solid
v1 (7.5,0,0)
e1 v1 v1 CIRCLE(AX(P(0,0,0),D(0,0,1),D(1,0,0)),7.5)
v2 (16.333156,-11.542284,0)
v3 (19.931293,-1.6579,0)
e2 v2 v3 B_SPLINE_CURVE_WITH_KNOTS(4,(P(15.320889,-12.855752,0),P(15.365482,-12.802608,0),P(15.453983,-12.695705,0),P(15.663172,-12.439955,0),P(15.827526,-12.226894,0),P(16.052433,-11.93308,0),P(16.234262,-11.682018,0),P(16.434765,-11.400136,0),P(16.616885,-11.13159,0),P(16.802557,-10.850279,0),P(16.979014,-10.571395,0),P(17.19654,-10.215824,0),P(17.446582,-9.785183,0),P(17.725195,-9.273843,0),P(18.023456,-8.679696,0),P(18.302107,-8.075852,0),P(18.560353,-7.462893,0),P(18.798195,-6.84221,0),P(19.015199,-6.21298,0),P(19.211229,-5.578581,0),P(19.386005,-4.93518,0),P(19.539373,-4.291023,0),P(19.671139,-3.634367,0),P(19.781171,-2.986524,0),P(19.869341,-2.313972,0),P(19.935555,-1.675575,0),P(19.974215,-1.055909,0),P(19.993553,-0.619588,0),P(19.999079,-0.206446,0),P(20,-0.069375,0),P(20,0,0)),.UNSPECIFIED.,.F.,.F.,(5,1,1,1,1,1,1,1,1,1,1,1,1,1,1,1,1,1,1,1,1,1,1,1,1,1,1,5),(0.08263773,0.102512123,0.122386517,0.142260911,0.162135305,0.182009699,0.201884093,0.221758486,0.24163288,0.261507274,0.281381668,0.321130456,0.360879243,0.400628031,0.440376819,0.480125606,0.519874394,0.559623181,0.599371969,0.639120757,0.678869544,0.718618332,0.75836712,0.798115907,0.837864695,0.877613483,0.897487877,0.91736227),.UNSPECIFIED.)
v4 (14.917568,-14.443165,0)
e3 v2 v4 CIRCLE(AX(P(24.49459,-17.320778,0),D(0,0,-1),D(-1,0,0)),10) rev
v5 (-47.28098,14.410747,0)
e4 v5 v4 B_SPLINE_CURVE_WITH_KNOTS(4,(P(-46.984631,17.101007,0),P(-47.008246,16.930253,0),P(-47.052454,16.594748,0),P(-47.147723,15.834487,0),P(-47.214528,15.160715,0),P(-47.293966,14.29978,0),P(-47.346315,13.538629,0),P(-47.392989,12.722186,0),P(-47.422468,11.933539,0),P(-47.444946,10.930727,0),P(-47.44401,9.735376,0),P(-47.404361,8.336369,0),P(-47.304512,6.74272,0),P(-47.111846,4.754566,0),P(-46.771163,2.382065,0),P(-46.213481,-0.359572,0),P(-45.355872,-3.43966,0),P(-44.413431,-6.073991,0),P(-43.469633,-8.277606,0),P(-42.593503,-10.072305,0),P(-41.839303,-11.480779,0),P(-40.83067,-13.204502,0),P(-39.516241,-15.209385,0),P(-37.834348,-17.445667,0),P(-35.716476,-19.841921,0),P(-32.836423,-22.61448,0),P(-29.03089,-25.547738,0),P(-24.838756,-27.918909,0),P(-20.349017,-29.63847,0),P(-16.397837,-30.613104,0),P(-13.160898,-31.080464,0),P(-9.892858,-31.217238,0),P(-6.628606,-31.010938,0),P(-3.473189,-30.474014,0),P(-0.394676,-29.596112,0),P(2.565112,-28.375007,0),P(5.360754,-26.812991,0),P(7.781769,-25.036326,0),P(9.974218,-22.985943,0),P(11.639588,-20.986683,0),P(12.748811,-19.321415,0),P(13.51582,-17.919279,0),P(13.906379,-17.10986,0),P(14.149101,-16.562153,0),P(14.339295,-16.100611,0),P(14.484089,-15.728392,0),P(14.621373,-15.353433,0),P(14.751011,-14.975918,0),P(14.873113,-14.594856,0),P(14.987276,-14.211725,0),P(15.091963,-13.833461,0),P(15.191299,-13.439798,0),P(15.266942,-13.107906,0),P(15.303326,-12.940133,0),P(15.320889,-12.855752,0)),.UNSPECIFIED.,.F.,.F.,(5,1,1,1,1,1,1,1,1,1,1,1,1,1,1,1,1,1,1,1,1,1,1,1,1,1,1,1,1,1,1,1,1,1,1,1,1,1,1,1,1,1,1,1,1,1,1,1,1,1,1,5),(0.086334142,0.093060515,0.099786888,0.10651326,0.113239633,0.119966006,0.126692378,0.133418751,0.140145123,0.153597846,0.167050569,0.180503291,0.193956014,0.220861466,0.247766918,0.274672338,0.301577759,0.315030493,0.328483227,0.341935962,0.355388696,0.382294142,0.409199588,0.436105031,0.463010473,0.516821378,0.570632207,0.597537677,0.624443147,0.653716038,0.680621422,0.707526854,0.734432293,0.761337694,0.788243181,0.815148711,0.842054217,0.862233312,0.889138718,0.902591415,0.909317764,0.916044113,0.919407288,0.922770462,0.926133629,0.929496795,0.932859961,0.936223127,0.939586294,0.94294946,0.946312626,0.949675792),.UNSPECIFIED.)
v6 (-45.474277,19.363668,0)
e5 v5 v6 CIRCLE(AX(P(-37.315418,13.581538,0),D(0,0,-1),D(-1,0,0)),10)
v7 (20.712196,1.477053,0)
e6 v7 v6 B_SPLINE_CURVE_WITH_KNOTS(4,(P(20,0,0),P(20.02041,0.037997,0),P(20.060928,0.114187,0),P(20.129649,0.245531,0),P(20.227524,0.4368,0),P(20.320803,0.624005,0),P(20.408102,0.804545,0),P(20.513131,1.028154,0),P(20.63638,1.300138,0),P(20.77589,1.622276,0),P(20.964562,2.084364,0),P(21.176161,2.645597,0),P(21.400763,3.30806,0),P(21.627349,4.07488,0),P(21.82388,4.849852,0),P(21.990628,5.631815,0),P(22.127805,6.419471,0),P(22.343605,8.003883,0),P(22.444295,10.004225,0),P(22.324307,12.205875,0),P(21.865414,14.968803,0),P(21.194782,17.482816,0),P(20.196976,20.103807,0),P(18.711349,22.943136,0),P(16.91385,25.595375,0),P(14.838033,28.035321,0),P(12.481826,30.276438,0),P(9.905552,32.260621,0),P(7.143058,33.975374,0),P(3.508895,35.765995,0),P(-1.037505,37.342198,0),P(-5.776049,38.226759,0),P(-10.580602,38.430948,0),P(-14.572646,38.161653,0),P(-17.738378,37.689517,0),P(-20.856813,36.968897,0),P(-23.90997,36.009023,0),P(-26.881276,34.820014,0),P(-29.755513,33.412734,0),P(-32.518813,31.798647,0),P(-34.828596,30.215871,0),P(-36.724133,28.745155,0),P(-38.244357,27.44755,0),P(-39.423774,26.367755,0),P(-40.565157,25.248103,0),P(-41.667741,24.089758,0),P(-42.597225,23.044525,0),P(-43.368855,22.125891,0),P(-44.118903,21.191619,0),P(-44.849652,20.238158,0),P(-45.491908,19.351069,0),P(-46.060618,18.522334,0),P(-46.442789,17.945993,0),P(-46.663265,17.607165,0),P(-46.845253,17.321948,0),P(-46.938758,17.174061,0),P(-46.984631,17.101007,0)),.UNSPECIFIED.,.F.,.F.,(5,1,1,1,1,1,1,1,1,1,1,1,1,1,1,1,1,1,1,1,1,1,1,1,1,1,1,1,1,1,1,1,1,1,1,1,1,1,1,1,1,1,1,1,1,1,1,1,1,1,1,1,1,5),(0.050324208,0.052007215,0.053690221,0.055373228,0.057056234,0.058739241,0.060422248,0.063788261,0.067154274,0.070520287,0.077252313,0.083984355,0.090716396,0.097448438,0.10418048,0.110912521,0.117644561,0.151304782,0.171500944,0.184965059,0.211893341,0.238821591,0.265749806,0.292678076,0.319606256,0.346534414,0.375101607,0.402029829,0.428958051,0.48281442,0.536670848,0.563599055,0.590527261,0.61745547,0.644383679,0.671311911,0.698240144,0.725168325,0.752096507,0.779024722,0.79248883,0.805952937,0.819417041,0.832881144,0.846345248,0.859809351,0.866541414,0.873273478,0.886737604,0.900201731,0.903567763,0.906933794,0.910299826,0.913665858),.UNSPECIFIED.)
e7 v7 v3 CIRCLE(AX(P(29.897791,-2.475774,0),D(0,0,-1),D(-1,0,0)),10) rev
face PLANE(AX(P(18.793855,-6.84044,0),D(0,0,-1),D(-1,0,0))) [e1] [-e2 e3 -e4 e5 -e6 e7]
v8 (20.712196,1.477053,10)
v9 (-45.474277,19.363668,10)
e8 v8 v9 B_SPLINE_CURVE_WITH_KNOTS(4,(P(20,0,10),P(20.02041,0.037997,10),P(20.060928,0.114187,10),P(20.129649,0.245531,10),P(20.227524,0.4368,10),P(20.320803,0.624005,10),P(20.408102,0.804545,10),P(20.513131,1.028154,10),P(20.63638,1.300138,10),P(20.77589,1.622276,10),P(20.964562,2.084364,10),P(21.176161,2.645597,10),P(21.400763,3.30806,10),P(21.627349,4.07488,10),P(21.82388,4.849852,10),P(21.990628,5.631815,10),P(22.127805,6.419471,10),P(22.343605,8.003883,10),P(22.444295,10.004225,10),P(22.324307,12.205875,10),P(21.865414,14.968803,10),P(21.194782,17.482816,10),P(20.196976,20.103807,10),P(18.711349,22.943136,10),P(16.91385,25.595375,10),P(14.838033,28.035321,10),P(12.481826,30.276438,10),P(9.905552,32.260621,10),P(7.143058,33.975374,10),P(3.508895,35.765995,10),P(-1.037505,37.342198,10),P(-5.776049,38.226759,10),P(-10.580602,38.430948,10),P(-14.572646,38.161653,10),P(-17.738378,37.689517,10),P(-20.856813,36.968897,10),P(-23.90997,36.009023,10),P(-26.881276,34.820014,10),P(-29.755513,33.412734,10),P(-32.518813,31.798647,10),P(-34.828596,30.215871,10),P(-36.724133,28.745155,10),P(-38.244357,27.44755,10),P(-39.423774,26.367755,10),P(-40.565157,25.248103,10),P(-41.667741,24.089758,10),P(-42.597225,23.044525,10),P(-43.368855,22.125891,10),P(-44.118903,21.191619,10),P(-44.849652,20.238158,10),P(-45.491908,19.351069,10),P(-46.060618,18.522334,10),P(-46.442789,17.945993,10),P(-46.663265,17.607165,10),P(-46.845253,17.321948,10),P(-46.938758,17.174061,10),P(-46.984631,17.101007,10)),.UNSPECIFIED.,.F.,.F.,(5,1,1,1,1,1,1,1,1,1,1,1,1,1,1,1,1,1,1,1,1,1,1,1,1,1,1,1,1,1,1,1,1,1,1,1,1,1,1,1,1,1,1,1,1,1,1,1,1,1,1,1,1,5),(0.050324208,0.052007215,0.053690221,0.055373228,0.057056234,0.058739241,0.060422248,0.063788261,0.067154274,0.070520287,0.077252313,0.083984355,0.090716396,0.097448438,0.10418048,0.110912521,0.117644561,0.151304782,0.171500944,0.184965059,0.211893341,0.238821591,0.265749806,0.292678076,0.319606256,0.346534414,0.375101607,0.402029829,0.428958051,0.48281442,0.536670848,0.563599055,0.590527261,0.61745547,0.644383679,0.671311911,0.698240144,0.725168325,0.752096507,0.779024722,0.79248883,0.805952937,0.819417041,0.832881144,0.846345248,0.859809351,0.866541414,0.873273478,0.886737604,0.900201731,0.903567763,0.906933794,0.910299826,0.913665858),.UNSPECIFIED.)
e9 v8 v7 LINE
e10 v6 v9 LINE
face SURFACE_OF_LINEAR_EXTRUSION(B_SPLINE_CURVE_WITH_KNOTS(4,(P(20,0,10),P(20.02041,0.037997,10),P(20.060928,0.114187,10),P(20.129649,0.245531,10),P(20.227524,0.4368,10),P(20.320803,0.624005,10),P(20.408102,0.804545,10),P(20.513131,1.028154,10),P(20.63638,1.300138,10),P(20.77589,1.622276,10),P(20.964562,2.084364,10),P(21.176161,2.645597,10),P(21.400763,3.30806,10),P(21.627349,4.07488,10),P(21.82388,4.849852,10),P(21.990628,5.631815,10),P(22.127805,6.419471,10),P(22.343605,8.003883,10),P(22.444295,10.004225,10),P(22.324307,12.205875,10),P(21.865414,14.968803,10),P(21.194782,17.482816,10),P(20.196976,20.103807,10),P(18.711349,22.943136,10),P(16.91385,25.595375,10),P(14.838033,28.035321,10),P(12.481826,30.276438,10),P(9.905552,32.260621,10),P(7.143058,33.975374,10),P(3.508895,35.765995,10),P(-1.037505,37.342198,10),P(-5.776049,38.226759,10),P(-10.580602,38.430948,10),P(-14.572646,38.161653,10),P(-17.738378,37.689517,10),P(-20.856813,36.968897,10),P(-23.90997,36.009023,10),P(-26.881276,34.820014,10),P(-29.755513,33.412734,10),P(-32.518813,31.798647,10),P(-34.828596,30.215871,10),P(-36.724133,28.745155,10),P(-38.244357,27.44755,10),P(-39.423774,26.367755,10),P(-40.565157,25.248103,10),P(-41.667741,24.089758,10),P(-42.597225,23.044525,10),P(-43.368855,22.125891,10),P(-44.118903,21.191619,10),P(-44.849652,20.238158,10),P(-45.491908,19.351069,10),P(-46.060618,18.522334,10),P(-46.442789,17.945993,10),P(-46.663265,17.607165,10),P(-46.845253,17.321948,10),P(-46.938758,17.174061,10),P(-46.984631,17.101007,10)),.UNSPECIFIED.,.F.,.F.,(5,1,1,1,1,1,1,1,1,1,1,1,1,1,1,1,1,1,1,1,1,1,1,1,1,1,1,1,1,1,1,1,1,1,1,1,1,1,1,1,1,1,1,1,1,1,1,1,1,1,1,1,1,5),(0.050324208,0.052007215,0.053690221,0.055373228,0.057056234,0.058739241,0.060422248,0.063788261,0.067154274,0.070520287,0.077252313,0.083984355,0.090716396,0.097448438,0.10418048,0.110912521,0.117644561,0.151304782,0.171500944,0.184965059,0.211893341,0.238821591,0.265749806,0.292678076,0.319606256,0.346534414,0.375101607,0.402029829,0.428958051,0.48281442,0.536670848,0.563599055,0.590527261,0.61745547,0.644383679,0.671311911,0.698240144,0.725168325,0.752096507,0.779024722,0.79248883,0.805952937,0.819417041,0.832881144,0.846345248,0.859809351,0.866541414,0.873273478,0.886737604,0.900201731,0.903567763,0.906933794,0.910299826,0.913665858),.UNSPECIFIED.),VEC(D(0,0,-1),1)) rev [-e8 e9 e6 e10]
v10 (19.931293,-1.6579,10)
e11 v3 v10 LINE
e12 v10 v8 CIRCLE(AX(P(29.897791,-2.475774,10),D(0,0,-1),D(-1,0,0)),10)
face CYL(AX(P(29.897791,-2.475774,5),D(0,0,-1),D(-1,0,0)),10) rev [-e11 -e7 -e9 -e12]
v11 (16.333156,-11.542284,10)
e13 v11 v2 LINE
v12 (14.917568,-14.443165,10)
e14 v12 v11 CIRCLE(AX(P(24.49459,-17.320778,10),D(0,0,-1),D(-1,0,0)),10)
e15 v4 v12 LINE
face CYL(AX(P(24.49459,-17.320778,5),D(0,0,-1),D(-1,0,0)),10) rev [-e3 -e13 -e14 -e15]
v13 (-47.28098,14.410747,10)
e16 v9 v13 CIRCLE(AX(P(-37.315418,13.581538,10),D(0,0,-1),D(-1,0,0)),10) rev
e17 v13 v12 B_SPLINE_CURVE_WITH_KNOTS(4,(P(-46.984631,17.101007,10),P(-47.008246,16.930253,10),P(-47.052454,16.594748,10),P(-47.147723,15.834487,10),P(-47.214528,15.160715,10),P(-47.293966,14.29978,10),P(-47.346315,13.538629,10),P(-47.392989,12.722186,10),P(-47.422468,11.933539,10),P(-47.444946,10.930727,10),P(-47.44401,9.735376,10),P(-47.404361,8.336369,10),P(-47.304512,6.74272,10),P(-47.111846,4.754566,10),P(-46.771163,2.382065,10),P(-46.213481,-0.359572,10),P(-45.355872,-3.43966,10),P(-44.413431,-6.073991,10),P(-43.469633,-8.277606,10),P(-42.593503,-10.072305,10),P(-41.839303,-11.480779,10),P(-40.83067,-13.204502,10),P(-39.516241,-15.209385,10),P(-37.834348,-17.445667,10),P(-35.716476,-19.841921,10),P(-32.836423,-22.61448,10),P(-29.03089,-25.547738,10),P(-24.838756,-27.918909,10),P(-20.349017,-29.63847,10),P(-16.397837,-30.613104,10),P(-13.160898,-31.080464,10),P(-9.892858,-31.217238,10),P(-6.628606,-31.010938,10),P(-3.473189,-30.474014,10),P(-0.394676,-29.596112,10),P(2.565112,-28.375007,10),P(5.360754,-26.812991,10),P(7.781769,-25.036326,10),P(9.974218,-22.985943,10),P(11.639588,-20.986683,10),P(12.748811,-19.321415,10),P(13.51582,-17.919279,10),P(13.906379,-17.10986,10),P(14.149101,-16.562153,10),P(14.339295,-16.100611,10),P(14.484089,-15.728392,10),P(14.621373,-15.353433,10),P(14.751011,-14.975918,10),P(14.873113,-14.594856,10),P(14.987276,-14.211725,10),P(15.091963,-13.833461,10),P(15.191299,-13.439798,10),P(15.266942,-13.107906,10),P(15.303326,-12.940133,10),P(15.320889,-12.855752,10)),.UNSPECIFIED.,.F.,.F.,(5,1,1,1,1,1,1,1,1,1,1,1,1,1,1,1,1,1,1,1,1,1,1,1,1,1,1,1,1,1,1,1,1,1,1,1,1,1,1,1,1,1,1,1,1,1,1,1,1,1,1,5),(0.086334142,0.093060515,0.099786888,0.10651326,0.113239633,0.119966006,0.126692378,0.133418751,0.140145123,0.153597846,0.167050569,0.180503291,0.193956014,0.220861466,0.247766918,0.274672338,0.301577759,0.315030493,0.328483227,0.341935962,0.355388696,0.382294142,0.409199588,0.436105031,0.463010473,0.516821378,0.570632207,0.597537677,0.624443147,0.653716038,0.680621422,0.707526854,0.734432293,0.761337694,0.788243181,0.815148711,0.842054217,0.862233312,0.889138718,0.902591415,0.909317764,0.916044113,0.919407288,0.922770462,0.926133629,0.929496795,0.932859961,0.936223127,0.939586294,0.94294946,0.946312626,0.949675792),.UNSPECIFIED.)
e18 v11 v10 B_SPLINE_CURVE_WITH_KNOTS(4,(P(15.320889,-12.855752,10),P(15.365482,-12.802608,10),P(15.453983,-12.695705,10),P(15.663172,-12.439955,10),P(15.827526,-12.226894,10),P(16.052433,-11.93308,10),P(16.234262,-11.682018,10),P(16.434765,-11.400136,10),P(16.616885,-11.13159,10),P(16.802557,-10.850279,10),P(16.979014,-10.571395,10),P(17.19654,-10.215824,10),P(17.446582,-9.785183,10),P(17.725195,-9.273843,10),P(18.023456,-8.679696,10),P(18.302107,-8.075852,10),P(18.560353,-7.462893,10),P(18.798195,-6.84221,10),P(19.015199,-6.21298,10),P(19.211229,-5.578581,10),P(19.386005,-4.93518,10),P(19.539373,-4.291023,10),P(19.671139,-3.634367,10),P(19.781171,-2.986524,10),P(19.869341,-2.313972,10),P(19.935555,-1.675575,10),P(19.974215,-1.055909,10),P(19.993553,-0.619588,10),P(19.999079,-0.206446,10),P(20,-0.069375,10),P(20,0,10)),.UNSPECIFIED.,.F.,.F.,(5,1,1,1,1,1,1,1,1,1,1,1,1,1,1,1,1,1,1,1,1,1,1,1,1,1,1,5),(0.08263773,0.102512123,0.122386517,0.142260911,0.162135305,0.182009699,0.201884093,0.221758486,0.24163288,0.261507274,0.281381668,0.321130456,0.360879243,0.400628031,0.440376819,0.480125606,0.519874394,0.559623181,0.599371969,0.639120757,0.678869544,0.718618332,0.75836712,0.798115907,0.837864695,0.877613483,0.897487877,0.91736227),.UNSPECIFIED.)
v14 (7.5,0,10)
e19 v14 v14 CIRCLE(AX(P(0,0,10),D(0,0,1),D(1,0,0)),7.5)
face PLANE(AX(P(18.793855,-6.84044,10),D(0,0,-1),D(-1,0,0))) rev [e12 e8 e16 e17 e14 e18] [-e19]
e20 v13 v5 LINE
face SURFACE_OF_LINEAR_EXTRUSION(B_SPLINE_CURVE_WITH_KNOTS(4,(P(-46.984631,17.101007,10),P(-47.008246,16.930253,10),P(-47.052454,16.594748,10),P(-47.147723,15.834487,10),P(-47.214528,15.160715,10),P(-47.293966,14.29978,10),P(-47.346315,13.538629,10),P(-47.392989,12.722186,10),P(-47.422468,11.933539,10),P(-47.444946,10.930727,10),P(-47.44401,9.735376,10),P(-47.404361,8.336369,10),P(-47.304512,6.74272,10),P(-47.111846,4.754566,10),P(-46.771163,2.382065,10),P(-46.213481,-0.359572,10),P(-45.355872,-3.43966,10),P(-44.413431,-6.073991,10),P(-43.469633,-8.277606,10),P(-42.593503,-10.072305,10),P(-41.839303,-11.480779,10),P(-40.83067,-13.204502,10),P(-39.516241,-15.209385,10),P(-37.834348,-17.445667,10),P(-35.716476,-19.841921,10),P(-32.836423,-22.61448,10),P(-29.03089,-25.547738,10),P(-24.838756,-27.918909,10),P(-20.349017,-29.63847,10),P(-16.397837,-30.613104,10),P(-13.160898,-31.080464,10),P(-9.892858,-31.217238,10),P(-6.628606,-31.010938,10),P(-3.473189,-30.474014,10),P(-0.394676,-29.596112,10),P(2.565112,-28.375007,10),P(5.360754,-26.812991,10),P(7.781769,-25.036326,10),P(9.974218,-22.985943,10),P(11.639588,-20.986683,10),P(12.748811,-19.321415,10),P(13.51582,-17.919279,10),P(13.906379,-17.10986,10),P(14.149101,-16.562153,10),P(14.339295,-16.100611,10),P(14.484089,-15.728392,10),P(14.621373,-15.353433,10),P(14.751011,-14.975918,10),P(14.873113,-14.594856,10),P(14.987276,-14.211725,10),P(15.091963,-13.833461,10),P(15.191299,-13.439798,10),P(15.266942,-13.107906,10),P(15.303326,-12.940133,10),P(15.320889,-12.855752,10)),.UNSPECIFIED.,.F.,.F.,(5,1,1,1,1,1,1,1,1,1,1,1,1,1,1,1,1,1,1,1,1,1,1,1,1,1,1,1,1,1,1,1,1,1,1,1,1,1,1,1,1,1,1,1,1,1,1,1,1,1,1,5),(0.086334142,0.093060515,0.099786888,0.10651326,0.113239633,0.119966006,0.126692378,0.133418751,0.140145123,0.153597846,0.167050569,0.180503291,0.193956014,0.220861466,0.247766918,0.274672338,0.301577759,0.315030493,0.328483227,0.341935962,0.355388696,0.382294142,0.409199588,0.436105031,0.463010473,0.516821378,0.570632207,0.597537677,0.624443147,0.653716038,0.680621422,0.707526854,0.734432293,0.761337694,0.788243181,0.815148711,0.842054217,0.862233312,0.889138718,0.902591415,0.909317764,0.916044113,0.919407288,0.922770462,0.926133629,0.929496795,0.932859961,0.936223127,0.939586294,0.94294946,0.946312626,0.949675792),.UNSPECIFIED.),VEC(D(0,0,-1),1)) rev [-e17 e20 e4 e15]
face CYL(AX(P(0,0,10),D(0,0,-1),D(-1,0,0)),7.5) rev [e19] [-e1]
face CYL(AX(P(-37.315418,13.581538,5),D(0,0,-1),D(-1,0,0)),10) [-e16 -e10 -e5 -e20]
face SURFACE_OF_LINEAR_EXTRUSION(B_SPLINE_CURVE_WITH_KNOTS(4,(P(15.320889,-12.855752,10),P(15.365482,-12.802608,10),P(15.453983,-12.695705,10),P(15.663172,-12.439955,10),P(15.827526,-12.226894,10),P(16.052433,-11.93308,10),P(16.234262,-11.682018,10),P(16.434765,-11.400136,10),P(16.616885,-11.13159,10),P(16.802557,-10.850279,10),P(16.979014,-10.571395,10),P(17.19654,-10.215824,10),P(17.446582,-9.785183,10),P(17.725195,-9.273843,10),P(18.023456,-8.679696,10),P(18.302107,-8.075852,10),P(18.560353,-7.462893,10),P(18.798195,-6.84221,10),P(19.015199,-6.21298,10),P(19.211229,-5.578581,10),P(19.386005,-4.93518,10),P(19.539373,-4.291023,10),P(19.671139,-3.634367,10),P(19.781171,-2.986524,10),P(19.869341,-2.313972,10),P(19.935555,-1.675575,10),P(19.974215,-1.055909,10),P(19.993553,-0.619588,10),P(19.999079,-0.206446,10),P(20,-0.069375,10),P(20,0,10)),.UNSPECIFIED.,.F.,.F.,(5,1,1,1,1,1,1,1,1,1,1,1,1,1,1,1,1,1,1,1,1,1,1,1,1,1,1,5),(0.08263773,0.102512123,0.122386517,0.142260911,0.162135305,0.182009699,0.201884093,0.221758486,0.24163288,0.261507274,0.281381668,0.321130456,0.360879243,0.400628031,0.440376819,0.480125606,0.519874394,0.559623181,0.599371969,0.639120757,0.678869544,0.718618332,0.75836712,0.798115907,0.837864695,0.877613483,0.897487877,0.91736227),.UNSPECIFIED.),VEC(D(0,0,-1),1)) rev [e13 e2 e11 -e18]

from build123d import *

# Parameters (mm, degrees)
SKETCH1_R           = 7.5
BOSS_EXTRUDE2_DEPTH = 10
FILLET1_R           = 10


with BuildPart() as part:
    # Sketch1 → Boss-Extrude2 (new body)
    with BuildSketch(Plane.XY):
        with BuildLine():
            add(Edge.make_bspline(
                [(20, 0), (20.020409748, 0.037996513), (20.060928024, 0.114187014), (20.12964942, 0.245531013), (20.227524178, 0.436799942), (20.320803466, 0.624005393), (20.408101904, 0.80454476), (20.513131341, 1.028153853), (20.636379782, 1.30013819), (20.775890348, 1.622275603), (20.964561763, 2.084363584), (21.176160839, 2.645597494), (21.400762948, 3.308060339), (21.627348817, 4.074879511), (21.82387956, 4.849852237), (21.990628499, 5.631814908), (22.127804945, 6.419471307), (22.343605386, 8.00388274), (22.444295112, 10.004224504), (22.324306643, 12.205875028), (21.865414458, 14.9688026), (21.194781507, 17.482815576), (20.196975773, 20.103806606), (18.711348901, 22.943135572), (16.913850005, 25.595374807), (14.83803254, 28.035320632), (12.481825943, 30.276438116), (9.905551794, 32.260621181), (7.143058118, 33.975373516), (3.508895363, 35.76599482), (-1.037505048, 37.342198382), (-5.776049389, 38.226758726), (-10.58060247, 38.430948462), (-14.572645562, 38.161653345), (-17.738378195, 37.689516547), (-20.856812898, 36.968897142), (-23.909970253, 36.009023208), (-26.881276298, 34.820013511), (-29.755513368, 33.41273371), (-32.518812511, 31.798646577), (-34.82859609, 30.215871445), (-36.724133372, 28.745155323), (-38.244357448, 27.447549659), (-39.423774282, 26.367755023), (-40.565156508, 25.248103031), (-41.667740599, 24.089758356), (-42.597224858, 23.04452492), (-43.368854904, 22.125890975), (-44.11890301, 21.191619014), (-44.849652331, 20.238158336), (-45.491908008, 19.351069223), (-46.0606176, 18.522333813), (-46.44278908, 17.945992785), (-46.663264674, 17.607165405), (-46.845252854, 17.321947665), (-46.938757793, 17.174061248), (-46.984631039, 17.101007167)],
                knots=[0.050324208, 0.050324208, 0.050324208, 0.050324208, 0.050324208, 0.052007215, 0.053690221, 0.055373228, 0.057056234, 0.058739241, 0.060422248, 0.063788261, 0.067154274, 0.070520287, 0.077252313, 0.083984355, 0.090716396, 0.097448438, 0.10418048, 0.110912521, 0.117644561, 0.151304782, 0.171500944, 0.184965059, 0.211893341, 0.238821591, 0.265749806, 0.292678076, 0.319606256, 0.346534414, 0.375101607, 0.402029829, 0.428958051, 0.48281442, 0.536670848, 0.563599055, 0.590527261, 0.61745547, 0.644383679, 0.671311911, 0.698240144, 0.725168325, 0.752096507, 0.779024722, 0.79248883, 0.805952937, 0.819417041, 0.832881144, 0.846345248, 0.859809351, 0.866541414, 0.873273478, 0.886737604, 0.900201731, 0.903567763, 0.906933794, 0.910299826, 0.913665858, 0.913665858, 0.913665858, 0.913665858, 0.913665858], degree=4))
            add(Edge.make_bspline(
                [(-46.984631039, 17.101007167), (-47.008245687, 16.930252773), (-47.052453505, 16.594747959), (-47.14772288, 15.834487365), (-47.214528259, 15.160715188), (-47.293965593, 14.299779503), (-47.346314657, 13.538629173), (-47.392988991, 12.722186285), (-47.422468156, 11.933538608), (-47.444946495, 10.930726825), (-47.444010053, 9.735376393), (-47.404361039, 8.336368598), (-47.304511764, 6.742720001), (-47.111846077, 4.754565727), (-46.771162846, 2.38206492), (-46.213481433, -0.359572326), (-45.355872486, -3.439660234), (-44.413431344, -6.073991193), (-43.469633124, -8.277605724), (-42.593502891, -10.072305051), (-41.839303321, -11.480778659), (-40.830669548, -13.204502076), (-39.516241362, -15.209384647), (-37.834348338, -17.445666738), (-35.716475971, -19.841921409), (-32.836422898, -22.614479765), (-29.03089004, -25.547737865), (-24.838756286, -27.918909191), (-20.349017446, -29.638470379), (-16.397837157, -30.613103542), (-13.160898489, -31.080464427), (-9.892857606, -31.217237714), (-6.628606497, -31.010938023), (-3.473189469, -30.47401424), (-0.394676097, -29.596112443), (2.565112202, -28.37500671), (5.36075444, -26.812990946), (7.781768771, -25.036326324), (9.9742179, -22.985943497), (11.63958792, -20.986683376), (12.748810807, -19.3214148), (13.515819977, -17.919279199), (13.906378968, -17.109859569), (14.149100741, -16.562152771), (14.339295058, -16.100610712), (14.484089284, -15.728391771), (14.621373048, -15.353433154), (14.751011091, -14.975917501), (14.873112977, -14.594855978), (14.987276237, -14.211724793), (15.091962981, -13.833461004), (15.191298738, -13.439798185), (15.266942281, -13.107906017), (15.303325903, -12.940133069), (15.320888863, -12.855752194)],
                knots=[0.086334142, 0.086334142, 0.086334142, 0.086334142, 0.086334142, 0.093060515, 0.099786888, 0.10651326, 0.113239633, 0.119966006, 0.126692378, 0.133418751, 0.140145123, 0.153597846, 0.167050569, 0.180503291, 0.193956014, 0.220861466, 0.247766918, 0.274672338, 0.301577759, 0.315030493, 0.328483227, 0.341935962, 0.355388696, 0.382294142, 0.409199588, 0.436105031, 0.463010473, 0.516821378, 0.570632207, 0.597537677, 0.624443147, 0.653716038, 0.680621422, 0.707526854, 0.734432293, 0.761337694, 0.788243181, 0.815148711, 0.842054217, 0.862233312, 0.889138718, 0.902591415, 0.909317764, 0.916044113, 0.919407288, 0.922770462, 0.926133629, 0.929496795, 0.932859961, 0.936223127, 0.939586294, 0.94294946, 0.946312626, 0.949675792, 0.949675792, 0.949675792, 0.949675792, 0.949675792], degree=4))
            add(Edge.make_bspline(
                [(15.320888863, -12.855752194), (15.365482074, -12.802608074), (15.453982567, -12.695704505), (15.663171852, -12.439954999), (15.827525813, -12.226893605), (16.052433323, -11.933079522), (16.234262328, -11.682018392), (16.434764749, -11.400135846), (16.616884894, -11.131589611), (16.802556699, -10.850279333), (16.979014347, -10.571395037), (17.196540035, -10.215824071), (17.44658158, -9.785182904), (17.725195173, -9.273842637), (18.023456431, -8.679695549), (18.302106839, -8.075852302), (18.560352889, -7.462892724), (18.798195449, -6.842210014), (19.015199451, -6.212979877), (19.211229439, -5.578581169), (19.386005403, -4.935179764), (19.539372739, -4.291022665), (19.671138501, -3.634366779), (19.781171398, -2.986524336), (19.869341032, -2.3139722), (19.935555478, -1.675574724), (19.974215132, -1.055908566), (19.993553165, -0.61958797), (19.999079015, -0.206445905), (20, -0.069374722), (20, 0)],
                knots=[0.08263773, 0.08263773, 0.08263773, 0.08263773, 0.08263773, 0.102512123, 0.122386517, 0.142260911, 0.162135305, 0.182009699, 0.201884093, 0.221758486, 0.24163288, 0.261507274, 0.281381668, 0.321130456, 0.360879243, 0.400628031, 0.440376819, 0.480125606, 0.519874394, 0.559623181, 0.599371969, 0.639120757, 0.678869544, 0.718618332, 0.75836712, 0.798115907, 0.837864695, 0.877613483, 0.897487877, 0.91736227, 0.91736227, 0.91736227, 0.91736227, 0.91736227], degree=4))
        make_face()
        Circle(SKETCH1_R, mode=Mode.SUBTRACT)
    extrude(amount=BOSS_EXTRUDE2_DEPTH)

    # Fillet1
    fillet1_edges = [part.edges().sort_by_distance(p)[0] for p in [
        (-46.984631039, 17.101007167, 5),
        (15.320888863, -12.855752194, 5),
        (20, 0, 5),
    ]]
    fillet(fillet1_edges, radius=FILLET1_R)


solid = part.part
